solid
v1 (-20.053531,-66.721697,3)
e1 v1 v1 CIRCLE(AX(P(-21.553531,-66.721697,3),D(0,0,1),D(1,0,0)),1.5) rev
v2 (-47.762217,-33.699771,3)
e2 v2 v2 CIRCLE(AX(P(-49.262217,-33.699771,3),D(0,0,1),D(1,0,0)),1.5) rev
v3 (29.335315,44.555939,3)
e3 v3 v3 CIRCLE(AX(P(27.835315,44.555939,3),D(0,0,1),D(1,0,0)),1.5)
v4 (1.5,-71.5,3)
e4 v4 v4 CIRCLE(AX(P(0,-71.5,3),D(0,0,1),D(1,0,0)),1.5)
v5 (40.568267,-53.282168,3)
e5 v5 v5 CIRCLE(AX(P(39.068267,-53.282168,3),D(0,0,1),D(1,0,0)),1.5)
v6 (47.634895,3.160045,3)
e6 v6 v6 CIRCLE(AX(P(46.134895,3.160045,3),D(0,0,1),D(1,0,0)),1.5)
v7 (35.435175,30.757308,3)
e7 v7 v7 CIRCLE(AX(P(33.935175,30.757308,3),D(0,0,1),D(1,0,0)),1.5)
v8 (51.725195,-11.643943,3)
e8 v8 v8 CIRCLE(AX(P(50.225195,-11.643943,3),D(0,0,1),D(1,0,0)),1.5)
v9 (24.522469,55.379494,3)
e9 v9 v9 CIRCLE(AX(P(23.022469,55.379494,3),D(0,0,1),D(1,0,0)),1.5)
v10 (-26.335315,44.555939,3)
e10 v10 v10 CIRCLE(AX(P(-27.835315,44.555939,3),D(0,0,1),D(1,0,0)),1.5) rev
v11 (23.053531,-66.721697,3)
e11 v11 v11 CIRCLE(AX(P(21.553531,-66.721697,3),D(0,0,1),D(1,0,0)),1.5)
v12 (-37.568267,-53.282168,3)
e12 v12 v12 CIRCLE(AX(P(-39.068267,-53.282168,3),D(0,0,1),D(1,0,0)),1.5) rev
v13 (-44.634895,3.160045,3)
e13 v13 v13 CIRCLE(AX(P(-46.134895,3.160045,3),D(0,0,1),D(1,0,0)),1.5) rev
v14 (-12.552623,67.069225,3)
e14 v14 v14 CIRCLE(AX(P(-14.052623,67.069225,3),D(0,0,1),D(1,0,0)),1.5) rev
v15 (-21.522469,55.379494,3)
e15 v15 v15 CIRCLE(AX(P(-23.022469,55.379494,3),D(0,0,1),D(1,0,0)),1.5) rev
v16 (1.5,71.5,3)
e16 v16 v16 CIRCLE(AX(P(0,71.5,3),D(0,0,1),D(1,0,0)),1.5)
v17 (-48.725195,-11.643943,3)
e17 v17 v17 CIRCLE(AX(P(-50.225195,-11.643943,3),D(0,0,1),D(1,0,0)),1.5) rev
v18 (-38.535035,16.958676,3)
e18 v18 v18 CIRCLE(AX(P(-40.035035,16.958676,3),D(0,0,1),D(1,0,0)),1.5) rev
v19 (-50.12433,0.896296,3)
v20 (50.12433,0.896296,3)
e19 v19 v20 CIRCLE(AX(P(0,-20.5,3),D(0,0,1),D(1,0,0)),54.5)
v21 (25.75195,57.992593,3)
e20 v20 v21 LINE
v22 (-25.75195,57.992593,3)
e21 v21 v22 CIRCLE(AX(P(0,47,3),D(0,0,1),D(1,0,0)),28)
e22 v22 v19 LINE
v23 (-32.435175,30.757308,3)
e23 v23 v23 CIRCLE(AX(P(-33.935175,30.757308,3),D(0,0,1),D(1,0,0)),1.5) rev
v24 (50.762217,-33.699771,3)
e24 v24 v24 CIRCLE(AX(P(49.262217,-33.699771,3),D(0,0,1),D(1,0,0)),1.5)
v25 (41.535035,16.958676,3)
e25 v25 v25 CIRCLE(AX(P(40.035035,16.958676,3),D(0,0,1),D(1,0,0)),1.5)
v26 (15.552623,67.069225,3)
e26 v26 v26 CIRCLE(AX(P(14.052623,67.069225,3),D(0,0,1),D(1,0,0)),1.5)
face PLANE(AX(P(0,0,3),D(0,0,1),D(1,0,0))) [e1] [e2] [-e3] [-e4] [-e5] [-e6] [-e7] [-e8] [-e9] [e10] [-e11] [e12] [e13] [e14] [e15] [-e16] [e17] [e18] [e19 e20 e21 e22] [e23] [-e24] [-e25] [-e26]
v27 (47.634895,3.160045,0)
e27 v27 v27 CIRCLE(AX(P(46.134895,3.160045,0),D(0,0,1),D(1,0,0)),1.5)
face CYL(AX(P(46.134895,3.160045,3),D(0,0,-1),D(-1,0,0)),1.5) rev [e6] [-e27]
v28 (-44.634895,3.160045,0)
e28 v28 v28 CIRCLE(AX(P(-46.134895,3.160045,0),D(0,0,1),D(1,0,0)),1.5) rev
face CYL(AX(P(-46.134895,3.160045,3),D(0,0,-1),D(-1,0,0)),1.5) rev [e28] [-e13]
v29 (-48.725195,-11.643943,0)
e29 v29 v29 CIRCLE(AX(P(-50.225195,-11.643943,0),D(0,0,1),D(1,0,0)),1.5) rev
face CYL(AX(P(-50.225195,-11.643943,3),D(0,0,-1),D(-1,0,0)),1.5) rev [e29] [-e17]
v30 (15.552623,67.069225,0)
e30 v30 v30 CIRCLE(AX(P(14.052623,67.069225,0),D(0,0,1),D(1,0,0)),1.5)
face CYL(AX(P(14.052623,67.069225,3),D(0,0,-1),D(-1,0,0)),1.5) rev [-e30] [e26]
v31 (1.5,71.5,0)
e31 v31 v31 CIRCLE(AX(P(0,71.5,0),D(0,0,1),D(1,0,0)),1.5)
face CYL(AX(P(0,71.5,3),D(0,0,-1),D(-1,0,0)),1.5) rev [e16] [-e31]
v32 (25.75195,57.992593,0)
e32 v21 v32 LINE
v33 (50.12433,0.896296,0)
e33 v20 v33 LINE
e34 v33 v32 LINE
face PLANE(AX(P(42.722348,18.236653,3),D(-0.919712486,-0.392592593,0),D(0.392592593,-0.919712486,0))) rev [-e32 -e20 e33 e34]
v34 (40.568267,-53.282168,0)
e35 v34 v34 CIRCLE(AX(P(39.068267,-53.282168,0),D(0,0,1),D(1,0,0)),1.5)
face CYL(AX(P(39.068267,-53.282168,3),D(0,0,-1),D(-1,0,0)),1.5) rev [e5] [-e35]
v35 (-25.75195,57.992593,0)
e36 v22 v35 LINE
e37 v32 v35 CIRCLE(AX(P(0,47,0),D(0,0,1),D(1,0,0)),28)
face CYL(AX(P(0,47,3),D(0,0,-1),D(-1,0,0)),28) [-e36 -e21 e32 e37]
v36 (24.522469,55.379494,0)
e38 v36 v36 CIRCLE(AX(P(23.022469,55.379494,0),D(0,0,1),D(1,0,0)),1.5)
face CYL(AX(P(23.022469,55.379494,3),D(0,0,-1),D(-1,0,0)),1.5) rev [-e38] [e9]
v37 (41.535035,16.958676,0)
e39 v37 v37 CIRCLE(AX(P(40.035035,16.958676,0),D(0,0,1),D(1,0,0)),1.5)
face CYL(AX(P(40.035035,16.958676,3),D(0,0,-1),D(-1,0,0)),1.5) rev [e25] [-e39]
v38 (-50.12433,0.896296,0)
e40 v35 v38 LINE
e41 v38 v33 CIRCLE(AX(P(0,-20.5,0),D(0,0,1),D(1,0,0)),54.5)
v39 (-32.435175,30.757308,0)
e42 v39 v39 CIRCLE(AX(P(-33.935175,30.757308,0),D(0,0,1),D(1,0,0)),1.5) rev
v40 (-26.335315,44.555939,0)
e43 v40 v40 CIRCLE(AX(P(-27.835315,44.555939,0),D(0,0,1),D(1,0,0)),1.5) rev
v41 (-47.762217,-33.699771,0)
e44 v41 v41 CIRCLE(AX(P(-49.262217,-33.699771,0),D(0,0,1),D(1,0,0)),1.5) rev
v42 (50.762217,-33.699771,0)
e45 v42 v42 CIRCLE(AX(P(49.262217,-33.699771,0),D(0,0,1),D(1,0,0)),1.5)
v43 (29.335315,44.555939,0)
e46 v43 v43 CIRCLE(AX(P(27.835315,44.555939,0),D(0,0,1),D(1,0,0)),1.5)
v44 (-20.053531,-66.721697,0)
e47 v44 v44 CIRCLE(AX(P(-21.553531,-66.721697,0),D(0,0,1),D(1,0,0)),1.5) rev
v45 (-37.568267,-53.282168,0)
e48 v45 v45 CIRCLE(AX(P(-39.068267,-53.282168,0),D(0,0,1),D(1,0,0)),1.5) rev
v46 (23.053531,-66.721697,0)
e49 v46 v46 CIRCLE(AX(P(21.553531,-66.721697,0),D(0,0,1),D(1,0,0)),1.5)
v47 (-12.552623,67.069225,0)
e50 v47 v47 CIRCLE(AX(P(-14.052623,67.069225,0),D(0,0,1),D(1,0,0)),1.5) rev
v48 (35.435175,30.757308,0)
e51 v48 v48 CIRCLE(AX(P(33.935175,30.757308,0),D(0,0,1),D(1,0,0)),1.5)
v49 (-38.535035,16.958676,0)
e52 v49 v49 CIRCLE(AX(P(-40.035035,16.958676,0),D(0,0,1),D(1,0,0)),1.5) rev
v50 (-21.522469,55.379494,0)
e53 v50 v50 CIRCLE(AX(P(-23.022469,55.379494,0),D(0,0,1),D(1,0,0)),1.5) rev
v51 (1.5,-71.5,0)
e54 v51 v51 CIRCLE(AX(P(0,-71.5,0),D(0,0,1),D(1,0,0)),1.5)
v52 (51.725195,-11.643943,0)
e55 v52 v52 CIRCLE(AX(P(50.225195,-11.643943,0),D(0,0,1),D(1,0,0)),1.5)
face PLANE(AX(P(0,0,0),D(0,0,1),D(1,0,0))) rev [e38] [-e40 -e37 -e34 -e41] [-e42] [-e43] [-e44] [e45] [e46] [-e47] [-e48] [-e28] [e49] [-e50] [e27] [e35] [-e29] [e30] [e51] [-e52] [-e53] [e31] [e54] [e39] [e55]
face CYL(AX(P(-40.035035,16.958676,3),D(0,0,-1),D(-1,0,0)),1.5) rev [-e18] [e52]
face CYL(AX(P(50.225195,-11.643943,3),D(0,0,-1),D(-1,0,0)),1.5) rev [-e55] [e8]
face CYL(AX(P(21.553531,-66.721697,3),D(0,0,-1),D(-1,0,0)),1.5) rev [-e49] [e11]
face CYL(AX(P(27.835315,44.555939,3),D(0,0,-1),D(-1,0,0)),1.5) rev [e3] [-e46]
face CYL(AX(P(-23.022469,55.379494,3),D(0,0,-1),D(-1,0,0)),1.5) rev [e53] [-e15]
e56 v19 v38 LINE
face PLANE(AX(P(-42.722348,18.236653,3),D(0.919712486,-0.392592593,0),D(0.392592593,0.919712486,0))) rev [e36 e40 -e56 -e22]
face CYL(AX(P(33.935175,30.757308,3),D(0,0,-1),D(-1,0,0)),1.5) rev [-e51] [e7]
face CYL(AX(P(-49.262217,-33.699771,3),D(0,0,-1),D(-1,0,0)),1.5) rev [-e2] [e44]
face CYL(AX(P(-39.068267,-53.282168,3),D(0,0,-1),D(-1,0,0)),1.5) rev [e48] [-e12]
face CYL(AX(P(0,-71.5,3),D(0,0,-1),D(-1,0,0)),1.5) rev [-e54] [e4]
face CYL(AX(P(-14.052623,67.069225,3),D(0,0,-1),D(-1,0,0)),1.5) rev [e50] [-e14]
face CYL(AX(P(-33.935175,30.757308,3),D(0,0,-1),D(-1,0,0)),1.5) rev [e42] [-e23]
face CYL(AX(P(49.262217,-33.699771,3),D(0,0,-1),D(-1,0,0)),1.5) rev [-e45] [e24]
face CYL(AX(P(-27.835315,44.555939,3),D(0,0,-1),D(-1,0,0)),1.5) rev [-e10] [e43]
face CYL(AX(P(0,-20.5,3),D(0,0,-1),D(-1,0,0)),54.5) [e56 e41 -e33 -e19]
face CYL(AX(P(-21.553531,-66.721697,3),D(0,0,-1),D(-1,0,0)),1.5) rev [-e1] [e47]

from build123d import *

# Parameters (mm, degrees)
SKETCH1_R           = 1.5
BOSS_EXTRUDE1_DEPTH = 3


with BuildPart() as part:
    # Sketch1 → Boss-Extrude1 (new body)
    with BuildSketch(Plane.XY):
        with BuildLine():
            Line((-25.751949598, 57.992592593), (-50.124330467, 0.896296296))
            ThreePointArc((-50.124330467, 0.896296296), (0, -75), (50.124330467, 0.896296296))
            Line((50.124330467, 0.896296296), (25.751949598, 57.992592593))
            ThreePointArc((25.751949598, 57.992592593), (0, 75), (-25.751949598, 57.992592593))
        make_face()
        with Locations((0, -71.5)):
            Circle(SKETCH1_R, mode=Mode.SUBTRACT)
        with Locations((0, 71.5)):
            Circle(SKETCH1_R, mode=Mode.SUBTRACT)
        with Locations((14.052622691, 67.069225085)):
            Circle(SKETCH1_R, mode=Mode.SUBTRACT)
        with Locations((23.022469209, 55.379493511)):
            Circle(SKETCH1_R, mode=Mode.SUBTRACT)
        with Locations((21.553531349, -66.721697139)):
            Circle(SKETCH1_R, mode=Mode.SUBTRACT)
        with Locations((39.068266599, -53.282168094)):
            Circle(SKETCH1_R, mode=Mode.SUBTRACT)
        with Locations((49.262217141, -33.6997713)):
            Circle(SKETCH1_R, mode=Mode.SUBTRACT)
        with Locations((50.225195404, -11.643942939)):
            Circle(SKETCH1_R, mode=Mode.SUBTRACT)
        with Locations((27.835315177, 44.555939465)):
            Circle(SKETCH1_R, mode=Mode.SUBTRACT)
        with Locations((33.935175216, 30.757307943)):
            Circle(SKETCH1_R, mode=Mode.SUBTRACT)
        with Locations((40.035035255, 16.95867642)):
            Circle(SKETCH1_R, mode=Mode.SUBTRACT)
        with Locations((46.134895294, 3.160044897)):
            Circle(SKETCH1_R, mode=Mode.SUBTRACT)
        with Locations((-46.134895294, 3.160044897)):
            Circle(SKETCH1_R, mode=Mode.SUBTRACT)
        with Locations((-40.035035255, 16.95867642)):
            Circle(SKETCH1_R, mode=Mode.SUBTRACT)
        with Locations((-33.935175216, 30.757307943)):
            Circle(SKETCH1_R, mode=Mode.SUBTRACT)
        with Locations((-27.835315177, 44.555939465)):
            Circle(SKETCH1_R, mode=Mode.SUBTRACT)
        with Locations((-50.225195404, -11.643942939)):
            Circle(SKETCH1_R, mode=Mode.SUBTRACT)
        with Locations((-49.262217141, -33.6997713)):
            Circle(SKETCH1_R, mode=Mode.SUBTRACT)
        with Locations((-39.068266599, -53.282168094)):
            Circle(SKETCH1_R, mode=Mode.SUBTRACT)
        with Locations((-21.553531349, -66.721697139)):
            Circle(SKETCH1_R, mode=Mode.SUBTRACT)
        with Locations((-23.022469209, 55.379493511)):
            Circle(SKETCH1_R, mode=Mode.SUBTRACT)
        with Locations((-14.052622691, 67.069225085)):
            Circle(SKETCH1_R, mode=Mode.SUBTRACT)
    extrude(amount=BOSS_EXTRUDE1_DEPTH)


solid = part.part
